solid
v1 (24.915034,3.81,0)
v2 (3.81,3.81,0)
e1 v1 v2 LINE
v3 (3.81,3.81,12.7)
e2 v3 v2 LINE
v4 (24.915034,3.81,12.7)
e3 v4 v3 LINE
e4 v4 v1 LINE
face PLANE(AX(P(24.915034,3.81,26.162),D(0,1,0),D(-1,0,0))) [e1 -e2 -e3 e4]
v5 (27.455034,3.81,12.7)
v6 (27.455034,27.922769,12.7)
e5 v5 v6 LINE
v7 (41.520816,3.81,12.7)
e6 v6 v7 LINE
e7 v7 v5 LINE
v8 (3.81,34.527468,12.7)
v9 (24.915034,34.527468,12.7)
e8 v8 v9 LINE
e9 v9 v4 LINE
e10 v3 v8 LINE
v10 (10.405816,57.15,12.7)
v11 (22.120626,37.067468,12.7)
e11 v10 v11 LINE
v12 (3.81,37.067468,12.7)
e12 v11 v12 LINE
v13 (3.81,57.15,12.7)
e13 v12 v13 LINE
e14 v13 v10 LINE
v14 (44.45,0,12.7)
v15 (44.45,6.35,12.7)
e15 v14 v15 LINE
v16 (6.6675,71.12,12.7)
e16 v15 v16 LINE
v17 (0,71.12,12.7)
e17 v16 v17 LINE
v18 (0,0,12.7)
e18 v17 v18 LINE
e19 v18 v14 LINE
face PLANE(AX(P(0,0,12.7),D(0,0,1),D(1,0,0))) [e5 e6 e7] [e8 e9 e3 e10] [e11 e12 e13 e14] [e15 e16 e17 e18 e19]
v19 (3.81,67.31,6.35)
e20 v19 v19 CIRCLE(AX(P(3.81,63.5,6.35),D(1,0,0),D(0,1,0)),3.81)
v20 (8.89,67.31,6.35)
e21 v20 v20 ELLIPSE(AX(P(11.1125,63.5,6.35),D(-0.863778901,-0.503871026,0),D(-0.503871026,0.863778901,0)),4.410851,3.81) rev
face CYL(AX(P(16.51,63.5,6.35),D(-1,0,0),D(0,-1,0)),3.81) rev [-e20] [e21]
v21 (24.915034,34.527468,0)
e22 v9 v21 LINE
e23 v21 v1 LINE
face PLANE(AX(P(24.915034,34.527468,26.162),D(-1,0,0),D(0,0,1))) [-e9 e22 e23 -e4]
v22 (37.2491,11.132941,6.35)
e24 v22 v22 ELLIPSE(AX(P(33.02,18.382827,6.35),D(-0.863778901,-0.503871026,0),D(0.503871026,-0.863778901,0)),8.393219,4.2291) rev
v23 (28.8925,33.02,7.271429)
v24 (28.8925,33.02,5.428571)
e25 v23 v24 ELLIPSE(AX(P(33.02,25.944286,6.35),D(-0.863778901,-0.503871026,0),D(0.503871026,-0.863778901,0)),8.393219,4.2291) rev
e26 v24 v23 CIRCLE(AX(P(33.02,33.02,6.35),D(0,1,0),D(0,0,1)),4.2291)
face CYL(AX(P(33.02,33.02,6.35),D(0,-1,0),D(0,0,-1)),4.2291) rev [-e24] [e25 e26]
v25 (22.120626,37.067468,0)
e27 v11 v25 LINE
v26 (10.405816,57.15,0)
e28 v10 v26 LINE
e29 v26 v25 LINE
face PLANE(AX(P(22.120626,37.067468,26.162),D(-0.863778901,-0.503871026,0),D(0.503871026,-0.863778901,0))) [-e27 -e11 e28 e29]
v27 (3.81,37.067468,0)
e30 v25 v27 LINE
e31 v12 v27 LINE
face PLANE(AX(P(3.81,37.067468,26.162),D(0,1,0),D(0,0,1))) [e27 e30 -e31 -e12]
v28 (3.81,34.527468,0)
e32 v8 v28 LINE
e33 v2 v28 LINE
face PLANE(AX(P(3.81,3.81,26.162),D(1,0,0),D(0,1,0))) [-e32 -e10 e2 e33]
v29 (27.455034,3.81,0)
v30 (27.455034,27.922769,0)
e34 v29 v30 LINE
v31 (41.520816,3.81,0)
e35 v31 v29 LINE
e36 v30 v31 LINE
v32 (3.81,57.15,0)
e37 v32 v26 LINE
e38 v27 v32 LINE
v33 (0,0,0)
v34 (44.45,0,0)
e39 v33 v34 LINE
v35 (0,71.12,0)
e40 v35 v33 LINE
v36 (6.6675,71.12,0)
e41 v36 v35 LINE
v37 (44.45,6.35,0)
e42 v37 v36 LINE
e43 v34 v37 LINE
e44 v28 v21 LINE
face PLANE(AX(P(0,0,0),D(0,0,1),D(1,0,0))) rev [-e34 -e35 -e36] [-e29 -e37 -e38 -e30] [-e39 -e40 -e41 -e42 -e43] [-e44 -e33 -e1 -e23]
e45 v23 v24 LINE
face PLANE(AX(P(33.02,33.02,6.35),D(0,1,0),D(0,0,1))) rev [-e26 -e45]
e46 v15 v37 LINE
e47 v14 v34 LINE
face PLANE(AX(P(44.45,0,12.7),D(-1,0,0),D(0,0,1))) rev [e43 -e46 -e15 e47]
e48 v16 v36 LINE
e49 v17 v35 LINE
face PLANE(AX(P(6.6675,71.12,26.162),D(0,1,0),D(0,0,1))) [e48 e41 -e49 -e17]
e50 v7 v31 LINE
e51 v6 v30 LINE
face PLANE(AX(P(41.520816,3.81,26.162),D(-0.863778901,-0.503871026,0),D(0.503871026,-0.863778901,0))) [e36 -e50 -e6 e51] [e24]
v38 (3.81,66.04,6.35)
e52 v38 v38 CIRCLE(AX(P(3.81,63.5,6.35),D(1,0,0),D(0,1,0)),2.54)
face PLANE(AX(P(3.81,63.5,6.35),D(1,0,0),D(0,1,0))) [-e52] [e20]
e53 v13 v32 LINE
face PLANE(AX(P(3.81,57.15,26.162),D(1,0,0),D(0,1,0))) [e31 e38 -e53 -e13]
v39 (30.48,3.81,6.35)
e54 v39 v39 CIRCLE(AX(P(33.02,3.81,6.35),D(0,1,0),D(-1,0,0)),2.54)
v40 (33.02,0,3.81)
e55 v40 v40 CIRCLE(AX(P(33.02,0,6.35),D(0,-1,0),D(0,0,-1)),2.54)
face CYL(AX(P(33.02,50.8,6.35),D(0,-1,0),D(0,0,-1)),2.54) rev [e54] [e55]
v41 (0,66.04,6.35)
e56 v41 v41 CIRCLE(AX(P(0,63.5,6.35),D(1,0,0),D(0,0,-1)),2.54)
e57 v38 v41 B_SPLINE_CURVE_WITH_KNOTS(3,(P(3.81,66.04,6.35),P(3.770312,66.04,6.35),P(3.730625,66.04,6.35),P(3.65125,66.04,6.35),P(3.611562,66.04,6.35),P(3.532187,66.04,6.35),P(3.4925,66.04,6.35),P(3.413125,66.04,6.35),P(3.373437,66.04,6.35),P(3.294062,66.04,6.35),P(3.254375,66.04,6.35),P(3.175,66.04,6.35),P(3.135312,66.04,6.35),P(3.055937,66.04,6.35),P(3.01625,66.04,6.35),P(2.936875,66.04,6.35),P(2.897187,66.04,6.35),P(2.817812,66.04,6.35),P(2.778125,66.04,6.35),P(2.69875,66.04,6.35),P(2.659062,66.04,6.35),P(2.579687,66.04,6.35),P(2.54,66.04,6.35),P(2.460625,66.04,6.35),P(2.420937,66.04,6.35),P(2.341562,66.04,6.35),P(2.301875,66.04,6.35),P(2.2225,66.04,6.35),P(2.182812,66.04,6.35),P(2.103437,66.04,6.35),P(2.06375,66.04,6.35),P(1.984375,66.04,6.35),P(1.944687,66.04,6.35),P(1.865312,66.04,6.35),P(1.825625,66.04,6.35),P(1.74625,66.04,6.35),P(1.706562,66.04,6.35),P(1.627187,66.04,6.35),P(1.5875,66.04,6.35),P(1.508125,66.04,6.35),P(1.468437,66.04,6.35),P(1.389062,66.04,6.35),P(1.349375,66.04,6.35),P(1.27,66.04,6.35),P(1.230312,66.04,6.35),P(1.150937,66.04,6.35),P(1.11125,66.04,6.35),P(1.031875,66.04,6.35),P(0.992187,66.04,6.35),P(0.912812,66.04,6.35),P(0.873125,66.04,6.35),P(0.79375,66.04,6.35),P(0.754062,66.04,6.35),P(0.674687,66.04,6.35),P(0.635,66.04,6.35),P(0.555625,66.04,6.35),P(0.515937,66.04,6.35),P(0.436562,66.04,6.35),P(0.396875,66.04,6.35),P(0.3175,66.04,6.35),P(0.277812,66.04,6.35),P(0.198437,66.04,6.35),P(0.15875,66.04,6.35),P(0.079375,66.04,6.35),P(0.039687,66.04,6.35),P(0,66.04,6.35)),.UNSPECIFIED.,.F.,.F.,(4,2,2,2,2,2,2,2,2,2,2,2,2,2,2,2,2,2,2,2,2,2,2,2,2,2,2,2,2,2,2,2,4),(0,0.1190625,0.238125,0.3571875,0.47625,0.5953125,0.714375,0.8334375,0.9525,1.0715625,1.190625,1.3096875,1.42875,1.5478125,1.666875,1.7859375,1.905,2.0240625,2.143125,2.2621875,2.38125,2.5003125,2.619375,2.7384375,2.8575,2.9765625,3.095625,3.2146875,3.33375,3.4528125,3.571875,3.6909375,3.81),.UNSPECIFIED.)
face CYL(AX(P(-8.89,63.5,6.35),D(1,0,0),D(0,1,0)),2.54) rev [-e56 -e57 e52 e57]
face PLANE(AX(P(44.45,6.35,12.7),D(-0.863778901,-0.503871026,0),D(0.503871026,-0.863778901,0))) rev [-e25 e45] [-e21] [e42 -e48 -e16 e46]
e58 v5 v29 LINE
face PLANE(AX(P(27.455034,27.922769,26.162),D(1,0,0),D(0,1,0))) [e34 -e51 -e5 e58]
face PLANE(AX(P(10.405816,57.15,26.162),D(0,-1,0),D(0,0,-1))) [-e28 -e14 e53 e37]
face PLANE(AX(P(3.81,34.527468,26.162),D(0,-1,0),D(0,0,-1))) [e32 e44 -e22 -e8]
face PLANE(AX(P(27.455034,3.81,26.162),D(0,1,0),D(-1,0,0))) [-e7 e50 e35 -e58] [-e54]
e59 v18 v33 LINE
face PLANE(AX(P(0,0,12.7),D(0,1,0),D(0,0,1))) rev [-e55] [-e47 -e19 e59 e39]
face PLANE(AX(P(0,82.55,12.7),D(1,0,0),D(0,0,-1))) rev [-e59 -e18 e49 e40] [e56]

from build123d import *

# Parameters (mm, degrees)
BOSS_EXTRUDE1_DEPTH     = 12.7
CUT_EXTRUDE1_DEPTH      = 26.162
CUT_EXTRUDE1_DEPTH_BACK = 25.4
SKETCH3_W               = 21.105033739
SKETCH3_H               = 30.717467856
SKETCH4_R               = 2.54
CUT_EXTRUDE2_DEPTH      = 50.8
SKETCH9_R               = 4.2291
CUT_EXTRUDE3_DEPTH      = 29.21
SKETCH11_R              = 3.81
CUT_EXTRUDE4_DEPTH      = 12.7
SKETCH12_R              = 2.54
CUT_EXTRUDE5_DEPTH      = 12.7


with BuildPart() as part:
    # Sketch1 → Boss-Extrude1 (new body)
    with BuildSketch(Plane.XY):
        Polygon((0, 0), (44.45, 0), (44.45, 6.35), (0, 82.55), align=None)
    extrude(amount=BOSS_EXTRUDE1_DEPTH)

    # Sketch3 → Cut-Extrude1 (cut, two sides: drawn at the far end of the back side and taken through both)
    with BuildSketch(Plane.XY.offset(-CUT_EXTRUDE1_DEPTH_BACK)):
        Polygon((3.81, 37.067467856), (22.120626117, 37.067467856), (10.4058157, 57.15), (3.81, 57.15), align=None)
        with Locations((14.36251687, 19.168733928)):
            Rectangle(SKETCH3_W, SKETCH3_H)
        Polygon((27.455033739, 3.81), (41.5208157, 3.81), (27.455033739, 27.922769076), align=None)
        Polygon((6.6675, 71.12), (0, 71.12), (0, 82.55), align=None)
    extrude(amount=CUT_EXTRUDE1_DEPTH + CUT_EXTRUDE1_DEPTH_BACK, mode=Mode.SUBTRACT)

    # Sketch4 → Cut-Extrude2 (cut)
    with BuildSketch(Plane.XZ):
        with Locations((33.02, 6.35)):
            Circle(SKETCH4_R)
    extrude(amount=-CUT_EXTRUDE2_DEPTH, mode=Mode.SUBTRACT)

    # Sketch9 → Cut-Extrude3 (cut)
    with BuildSketch(Plane(origin=(0, 3.81, 0), x_dir=(1, 0, 0), z_dir=(0, 1, 0))):
        with Locations((33.02, -6.35)):
            Circle(SKETCH9_R)
    extrude(amount=CUT_EXTRUDE3_DEPTH, mode=Mode.SUBTRACT)

    # Sketch11 → Cut-Extrude4 (cut)
    with BuildSketch(Plane(origin=(3.81, 0, 0), x_dir=(0, 0, -1), z_dir=(1, 0, 0))):
        with Locations((-6.35, 63.5)):
            Circle(SKETCH11_R)
    extrude(amount=CUT_EXTRUDE4_DEPTH, mode=Mode.SUBTRACT)

    # Sketch12 → Cut-Extrude5 (cut)
    with BuildSketch(Plane(origin=(3.81, 0, 0), x_dir=(0, 0, -1), z_dir=(1, 0, 0))):
        with Locations((-6.35, 63.5)):
            Circle(SKETCH12_R)
    extrude(amount=-CUT_EXTRUDE5_DEPTH, mode=Mode.SUBTRACT)


solid = part.part
